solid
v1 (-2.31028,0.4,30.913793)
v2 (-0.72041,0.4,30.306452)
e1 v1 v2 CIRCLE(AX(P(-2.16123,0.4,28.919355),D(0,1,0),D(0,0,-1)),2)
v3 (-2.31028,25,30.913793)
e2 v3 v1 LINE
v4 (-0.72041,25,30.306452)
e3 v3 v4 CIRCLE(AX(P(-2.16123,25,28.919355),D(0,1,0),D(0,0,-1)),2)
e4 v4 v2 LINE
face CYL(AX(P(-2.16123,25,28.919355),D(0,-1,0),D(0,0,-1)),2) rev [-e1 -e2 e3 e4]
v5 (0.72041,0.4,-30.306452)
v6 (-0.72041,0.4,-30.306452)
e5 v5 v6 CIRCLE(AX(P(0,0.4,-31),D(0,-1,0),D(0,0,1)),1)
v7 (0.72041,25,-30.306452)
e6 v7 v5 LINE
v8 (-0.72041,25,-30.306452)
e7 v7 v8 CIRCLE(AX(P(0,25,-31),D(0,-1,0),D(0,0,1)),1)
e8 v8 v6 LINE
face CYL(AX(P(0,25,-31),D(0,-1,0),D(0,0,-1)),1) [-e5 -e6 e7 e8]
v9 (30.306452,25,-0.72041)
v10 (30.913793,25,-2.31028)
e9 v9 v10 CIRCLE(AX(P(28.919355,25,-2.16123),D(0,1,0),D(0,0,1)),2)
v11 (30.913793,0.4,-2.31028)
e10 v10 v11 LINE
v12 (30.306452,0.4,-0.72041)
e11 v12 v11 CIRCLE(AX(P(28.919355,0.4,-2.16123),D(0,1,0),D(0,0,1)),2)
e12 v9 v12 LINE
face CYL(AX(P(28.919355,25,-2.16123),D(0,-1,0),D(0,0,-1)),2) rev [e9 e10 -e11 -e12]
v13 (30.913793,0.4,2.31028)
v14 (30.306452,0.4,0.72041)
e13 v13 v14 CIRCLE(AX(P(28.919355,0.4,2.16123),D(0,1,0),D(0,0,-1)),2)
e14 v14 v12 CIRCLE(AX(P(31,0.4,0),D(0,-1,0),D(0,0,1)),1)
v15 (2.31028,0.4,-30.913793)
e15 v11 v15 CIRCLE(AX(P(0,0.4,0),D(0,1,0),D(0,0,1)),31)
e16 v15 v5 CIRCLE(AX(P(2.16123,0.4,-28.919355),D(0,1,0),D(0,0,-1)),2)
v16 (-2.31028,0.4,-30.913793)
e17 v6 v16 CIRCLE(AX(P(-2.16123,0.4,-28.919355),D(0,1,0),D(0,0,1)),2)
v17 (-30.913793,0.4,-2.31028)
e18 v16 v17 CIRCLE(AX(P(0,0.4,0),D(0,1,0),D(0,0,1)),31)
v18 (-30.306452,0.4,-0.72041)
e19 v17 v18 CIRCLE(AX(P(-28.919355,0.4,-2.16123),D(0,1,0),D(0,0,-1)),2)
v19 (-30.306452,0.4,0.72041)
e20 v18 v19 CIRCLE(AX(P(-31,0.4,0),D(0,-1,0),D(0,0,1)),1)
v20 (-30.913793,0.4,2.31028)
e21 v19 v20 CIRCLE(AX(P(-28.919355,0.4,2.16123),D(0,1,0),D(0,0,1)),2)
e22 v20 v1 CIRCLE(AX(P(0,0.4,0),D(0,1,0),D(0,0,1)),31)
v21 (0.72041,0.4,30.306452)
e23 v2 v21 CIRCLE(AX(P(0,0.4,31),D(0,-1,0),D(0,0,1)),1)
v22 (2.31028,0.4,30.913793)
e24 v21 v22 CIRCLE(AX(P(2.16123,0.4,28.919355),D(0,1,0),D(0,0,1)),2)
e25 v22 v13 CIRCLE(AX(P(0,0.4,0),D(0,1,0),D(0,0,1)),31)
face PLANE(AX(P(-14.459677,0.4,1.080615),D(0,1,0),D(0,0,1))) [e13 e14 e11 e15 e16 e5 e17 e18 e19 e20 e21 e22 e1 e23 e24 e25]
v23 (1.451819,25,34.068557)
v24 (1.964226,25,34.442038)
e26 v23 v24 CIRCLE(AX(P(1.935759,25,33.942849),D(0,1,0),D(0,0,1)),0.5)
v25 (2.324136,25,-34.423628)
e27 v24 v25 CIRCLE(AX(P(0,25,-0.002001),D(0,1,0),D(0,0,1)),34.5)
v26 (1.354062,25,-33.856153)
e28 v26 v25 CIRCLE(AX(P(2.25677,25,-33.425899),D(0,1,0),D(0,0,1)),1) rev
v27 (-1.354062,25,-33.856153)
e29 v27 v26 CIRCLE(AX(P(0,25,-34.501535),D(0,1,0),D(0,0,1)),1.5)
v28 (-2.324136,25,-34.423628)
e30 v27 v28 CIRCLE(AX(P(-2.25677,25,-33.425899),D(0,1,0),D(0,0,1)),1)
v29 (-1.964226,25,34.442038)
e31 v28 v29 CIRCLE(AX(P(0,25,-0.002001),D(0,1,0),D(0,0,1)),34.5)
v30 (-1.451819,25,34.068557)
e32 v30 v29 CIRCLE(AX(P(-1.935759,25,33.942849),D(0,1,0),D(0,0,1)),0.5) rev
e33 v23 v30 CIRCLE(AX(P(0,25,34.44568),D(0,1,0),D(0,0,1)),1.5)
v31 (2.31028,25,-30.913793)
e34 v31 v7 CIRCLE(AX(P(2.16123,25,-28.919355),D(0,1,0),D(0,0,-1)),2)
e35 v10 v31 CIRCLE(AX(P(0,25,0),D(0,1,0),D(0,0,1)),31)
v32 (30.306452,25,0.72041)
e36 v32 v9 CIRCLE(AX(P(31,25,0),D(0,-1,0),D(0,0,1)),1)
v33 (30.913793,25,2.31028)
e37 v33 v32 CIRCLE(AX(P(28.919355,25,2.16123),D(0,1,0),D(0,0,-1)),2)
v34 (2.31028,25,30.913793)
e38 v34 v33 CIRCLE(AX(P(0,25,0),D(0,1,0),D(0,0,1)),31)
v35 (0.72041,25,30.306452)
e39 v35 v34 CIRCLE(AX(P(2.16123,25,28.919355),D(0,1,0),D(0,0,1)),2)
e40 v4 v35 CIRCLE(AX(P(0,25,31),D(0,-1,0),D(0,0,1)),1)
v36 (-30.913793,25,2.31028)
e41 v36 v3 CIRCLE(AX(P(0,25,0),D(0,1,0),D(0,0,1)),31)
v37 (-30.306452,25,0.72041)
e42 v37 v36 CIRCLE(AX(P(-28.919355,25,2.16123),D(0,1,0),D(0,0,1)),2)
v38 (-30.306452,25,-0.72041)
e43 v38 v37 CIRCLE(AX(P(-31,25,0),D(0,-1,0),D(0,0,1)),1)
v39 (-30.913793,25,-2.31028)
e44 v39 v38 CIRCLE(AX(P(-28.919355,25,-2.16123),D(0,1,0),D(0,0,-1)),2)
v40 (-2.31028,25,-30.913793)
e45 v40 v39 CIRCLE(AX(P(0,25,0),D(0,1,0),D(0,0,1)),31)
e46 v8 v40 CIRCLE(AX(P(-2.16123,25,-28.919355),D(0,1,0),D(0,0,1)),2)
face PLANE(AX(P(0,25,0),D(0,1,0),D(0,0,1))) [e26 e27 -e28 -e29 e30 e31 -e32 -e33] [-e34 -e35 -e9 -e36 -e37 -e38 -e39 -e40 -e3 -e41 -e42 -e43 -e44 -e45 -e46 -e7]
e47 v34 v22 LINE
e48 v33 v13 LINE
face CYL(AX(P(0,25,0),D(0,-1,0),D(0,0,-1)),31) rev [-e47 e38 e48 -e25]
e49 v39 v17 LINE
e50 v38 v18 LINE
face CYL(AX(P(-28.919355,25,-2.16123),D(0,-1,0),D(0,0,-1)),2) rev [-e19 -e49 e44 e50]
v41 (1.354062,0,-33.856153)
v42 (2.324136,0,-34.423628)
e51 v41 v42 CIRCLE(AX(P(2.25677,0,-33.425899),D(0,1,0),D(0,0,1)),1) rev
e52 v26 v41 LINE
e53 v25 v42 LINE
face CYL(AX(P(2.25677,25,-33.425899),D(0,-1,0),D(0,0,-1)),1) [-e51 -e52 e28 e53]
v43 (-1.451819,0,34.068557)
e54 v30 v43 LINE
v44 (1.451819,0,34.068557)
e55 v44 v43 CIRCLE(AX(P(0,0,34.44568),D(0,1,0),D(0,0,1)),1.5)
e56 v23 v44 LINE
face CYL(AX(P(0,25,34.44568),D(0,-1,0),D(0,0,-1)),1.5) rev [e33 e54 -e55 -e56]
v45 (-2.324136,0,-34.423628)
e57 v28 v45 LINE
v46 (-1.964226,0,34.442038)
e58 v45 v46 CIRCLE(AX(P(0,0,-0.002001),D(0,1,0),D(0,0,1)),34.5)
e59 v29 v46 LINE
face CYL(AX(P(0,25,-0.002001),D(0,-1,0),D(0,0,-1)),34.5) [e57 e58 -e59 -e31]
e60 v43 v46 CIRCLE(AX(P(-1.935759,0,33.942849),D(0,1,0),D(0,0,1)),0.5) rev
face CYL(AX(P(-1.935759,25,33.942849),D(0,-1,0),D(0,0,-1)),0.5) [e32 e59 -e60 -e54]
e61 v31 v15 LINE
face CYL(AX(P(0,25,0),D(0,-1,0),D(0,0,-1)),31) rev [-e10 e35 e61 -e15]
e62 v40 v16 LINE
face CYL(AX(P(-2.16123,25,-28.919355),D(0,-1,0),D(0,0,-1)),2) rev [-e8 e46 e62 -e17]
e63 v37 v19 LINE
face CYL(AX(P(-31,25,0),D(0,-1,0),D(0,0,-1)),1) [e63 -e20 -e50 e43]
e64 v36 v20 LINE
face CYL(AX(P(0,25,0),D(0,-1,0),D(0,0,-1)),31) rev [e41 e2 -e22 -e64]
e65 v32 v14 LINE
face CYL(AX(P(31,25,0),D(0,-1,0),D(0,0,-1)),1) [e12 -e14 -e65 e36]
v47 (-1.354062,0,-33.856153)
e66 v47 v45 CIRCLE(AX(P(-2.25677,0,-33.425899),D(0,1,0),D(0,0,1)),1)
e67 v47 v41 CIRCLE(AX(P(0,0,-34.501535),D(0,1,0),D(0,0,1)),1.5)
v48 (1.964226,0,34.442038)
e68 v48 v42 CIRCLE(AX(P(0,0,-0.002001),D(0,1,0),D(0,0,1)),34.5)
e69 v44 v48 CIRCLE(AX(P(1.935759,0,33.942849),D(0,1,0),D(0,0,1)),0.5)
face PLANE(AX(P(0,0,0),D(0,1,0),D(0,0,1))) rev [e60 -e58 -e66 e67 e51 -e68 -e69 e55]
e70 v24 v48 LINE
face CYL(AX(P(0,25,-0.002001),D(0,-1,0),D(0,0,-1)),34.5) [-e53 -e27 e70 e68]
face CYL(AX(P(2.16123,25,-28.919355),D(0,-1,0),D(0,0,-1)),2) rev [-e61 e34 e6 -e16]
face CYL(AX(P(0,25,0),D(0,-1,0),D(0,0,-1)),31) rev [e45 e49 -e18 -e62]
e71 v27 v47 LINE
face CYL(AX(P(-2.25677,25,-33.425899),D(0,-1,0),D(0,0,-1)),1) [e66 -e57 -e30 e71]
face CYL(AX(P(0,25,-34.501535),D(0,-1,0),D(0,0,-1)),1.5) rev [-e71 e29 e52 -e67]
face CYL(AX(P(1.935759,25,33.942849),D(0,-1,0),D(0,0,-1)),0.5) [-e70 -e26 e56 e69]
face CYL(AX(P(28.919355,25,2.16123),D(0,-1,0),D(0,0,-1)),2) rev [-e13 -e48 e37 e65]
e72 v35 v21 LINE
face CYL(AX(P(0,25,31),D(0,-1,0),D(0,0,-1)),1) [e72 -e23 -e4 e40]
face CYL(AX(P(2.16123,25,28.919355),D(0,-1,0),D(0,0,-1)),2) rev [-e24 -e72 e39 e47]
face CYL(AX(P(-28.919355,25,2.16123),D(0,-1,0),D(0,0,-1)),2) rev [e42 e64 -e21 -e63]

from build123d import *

# Parameters (mm, degrees)
BOSS_EXTRUDE1_DEPTH = 25
CUT_EXTRUDE2_DEPTH  = 26
BOSS_EXTRUDE2_DEPTH = 0.4


with BuildPart() as part:
    # Sketch1 → Boss-Extrude1 (new body)
    with BuildSketch(Plane(origin=(0, 0, 0), x_dir=(1, 0, 0), z_dir=(0, 1, 0))):
        with BuildLine():
            ThreePointArc((1.451818925, -34.068556857), (1.641248992, -34.346908706), (1.964225605, -34.442038138))
            ThreePointArc((1.964225605, -34.442038138), (26.591847487, -21.978073076), (34.198225299, 4.555174015))
            ThreePointArc((34.198225299, 4.555174015), (23.590291339, 25.176355888), (2.324135821, 34.423627607))
            ThreePointArc((2.324135821, 34.423627607), (1.751838249, 34.289058819), (1.354061739, 33.856153382))
            ThreePointArc((1.354061739, 33.856153382), (0, 33.001534515), (-1.354061739, 33.856153382))
            ThreePointArc((-1.354061739, 33.856153382), (-1.751838249, 34.289058819), (-2.324135821, 34.423627607))
            ThreePointArc((-2.324135821, 34.423627607), (-23.590291339, 25.176355888), (-34.198225299, 4.555174015))
            ThreePointArc((-34.198225299, 4.555174015), (-26.591847487, -21.978073076), (-1.964225605, -34.442038138))
            ThreePointArc((-1.964225605, -34.442038138), (-1.641248992, -34.346908706), (-1.451818925, -34.068556857))
            ThreePointArc((-1.451818925, -34.068556857), (0, -32.945679925), (1.451818925, -34.068556857))
        make_face()
        with BuildLine():
            Line((-2.417, 3.787737139), (0, 3.787737139))
            Line((0, 3.787737139), (2.417, 3.787737139))
            ThreePointArc((2.417, 3.787737139), (0, -4.489512172), (-2.417, 3.787737139))
        make_face(mode=Mode.SUBTRACT)
    extrude(amount=BOSS_EXTRUDE1_DEPTH)

    # Sketch2 → Cut-Extrude2 (cut, through all)
    with BuildSketch(Plane(origin=(0, 0, 0), x_dir=(1, 0, 0), z_dir=(0, 1, 0))):
        with BuildLine():
            ThreePointArc((-30.913793103, -2.310280493), (-21.920310217, -21.920310217), (-2.310280493, -30.913793103))
            ThreePointArc((-2.310280493, -30.913793103), (-1.447519283, -30.787674087), (-0.720410046, -30.306451613))
            ThreePointArc((-0.720410046, -30.306451613), (0, -30), (0.720410046, -30.306451613))
            ThreePointArc((0.720410046, -30.306451613), (1.447519283, -30.787674087), (2.310280493, -30.913793103))
            ThreePointArc((2.310280493, -30.913793103), (21.920310217, -21.920310217), (30.913793103, -2.310280493))
            ThreePointArc((30.913793103, -2.310280493), (30.787674087, -1.447519283), (30.306451613, -0.720410046))
            ThreePointArc((30.306451613, -0.720410046), (30, 0), (30.306451613, 0.720410046))
            ThreePointArc((30.306451613, 0.720410046), (30.787674087, 1.447519283), (30.913793103, 2.310280493))
            ThreePointArc((30.913793103, 2.310280493), (21.920310217, 21.920310217), (2.310280493, 30.913793103))
            ThreePointArc((2.310280493, 30.913793103), (1.447519283, 30.787674087), (0.720410046, 30.306451613))
            ThreePointArc((0.720410046, 30.306451613), (0, 30), (-0.720410046, 30.306451613))
            ThreePointArc((-0.720410046, 30.306451613), (-1.447519283, 30.787674087), (-2.310280493, 30.913793103))
            ThreePointArc((-2.310280493, 30.913793103), (-21.920310217, 21.920310217), (-30.913793103, 2.310280493))
            ThreePointArc((-30.913793103, 2.310280493), (-30.787674087, 1.447519283), (-30.306451613, 0.720410046))
            ThreePointArc((-30.306451613, 0.720410046), (-30, 0), (-30.306451613, -0.720410046))
            ThreePointArc((-30.306451613, -0.720410046), (-30.787674087, -1.447519283), (-30.913793103, -2.310280493))
        make_face()
    extrude(amount=CUT_EXTRUDE2_DEPTH, mode=Mode.SUBTRACT)

    # Sketch2<2> → Boss-Extrude2 (add)
    with BuildSketch(Plane(origin=(0, 0, 0), x_dir=(1, 0, 0), z_dir=(0, 1, 0))):
        with BuildLine():
            ThreePointArc((-30.913793103, -2.310280493), (-21.920310217, -21.920310217), (-2.310280493, -30.913793103))
            ThreePointArc((-2.310280493, -30.913793103), (-1.447519283, -30.787674087), (-0.720410046, -30.306451613))
            ThreePointArc((-0.720410046, -30.306451613), (0, -30), (0.720410046, -30.306451613))
            ThreePointArc((0.720410046, -30.306451613), (1.447519283, -30.787674087), (2.310280493, -30.913793103))
            ThreePointArc((2.310280493, -30.913793103), (21.920310217, -21.920310217), (30.913793103, -2.310280493))
            ThreePointArc((30.913793103, -2.310280493), (30.787674087, -1.447519283), (30.306451613, -0.720410046))
            ThreePointArc((30.306451613, -0.720410046), (30, 0), (30.306451613, 0.720410046))
            ThreePointArc((30.306451613, 0.720410046), (30.787674087, 1.447519283), (30.913793103, 2.310280493))
            ThreePointArc((30.913793103, 2.310280493), (21.920310217, 21.920310217), (2.310280493, 30.913793103))
            ThreePointArc((2.310280493, 30.913793103), (1.447519283, 30.787674087), (0.720410046, 30.306451613))
            ThreePointArc((0.720410046, 30.306451613), (0, 30), (-0.720410046, 30.306451613))
            ThreePointArc((-0.720410046, 30.306451613), (-1.447519283, 30.787674087), (-2.310280493, 30.913793103))
            ThreePointArc((-2.310280493, 30.913793103), (-21.920310217, 21.920310217), (-30.913793103, 2.310280493))
            ThreePointArc((-30.913793103, 2.310280493), (-30.787674087, 1.447519283), (-30.306451613, 0.720410046))
            ThreePointArc((-30.306451613, 0.720410046), (-30, 0), (-30.306451613, -0.720410046))
            ThreePointArc((-30.306451613, -0.720410046), (-30.787674087, -1.447519283), (-30.913793103, -2.310280493))
        make_face()
    extrude(amount=BOSS_EXTRUDE2_DEPTH)


solid = part.part
